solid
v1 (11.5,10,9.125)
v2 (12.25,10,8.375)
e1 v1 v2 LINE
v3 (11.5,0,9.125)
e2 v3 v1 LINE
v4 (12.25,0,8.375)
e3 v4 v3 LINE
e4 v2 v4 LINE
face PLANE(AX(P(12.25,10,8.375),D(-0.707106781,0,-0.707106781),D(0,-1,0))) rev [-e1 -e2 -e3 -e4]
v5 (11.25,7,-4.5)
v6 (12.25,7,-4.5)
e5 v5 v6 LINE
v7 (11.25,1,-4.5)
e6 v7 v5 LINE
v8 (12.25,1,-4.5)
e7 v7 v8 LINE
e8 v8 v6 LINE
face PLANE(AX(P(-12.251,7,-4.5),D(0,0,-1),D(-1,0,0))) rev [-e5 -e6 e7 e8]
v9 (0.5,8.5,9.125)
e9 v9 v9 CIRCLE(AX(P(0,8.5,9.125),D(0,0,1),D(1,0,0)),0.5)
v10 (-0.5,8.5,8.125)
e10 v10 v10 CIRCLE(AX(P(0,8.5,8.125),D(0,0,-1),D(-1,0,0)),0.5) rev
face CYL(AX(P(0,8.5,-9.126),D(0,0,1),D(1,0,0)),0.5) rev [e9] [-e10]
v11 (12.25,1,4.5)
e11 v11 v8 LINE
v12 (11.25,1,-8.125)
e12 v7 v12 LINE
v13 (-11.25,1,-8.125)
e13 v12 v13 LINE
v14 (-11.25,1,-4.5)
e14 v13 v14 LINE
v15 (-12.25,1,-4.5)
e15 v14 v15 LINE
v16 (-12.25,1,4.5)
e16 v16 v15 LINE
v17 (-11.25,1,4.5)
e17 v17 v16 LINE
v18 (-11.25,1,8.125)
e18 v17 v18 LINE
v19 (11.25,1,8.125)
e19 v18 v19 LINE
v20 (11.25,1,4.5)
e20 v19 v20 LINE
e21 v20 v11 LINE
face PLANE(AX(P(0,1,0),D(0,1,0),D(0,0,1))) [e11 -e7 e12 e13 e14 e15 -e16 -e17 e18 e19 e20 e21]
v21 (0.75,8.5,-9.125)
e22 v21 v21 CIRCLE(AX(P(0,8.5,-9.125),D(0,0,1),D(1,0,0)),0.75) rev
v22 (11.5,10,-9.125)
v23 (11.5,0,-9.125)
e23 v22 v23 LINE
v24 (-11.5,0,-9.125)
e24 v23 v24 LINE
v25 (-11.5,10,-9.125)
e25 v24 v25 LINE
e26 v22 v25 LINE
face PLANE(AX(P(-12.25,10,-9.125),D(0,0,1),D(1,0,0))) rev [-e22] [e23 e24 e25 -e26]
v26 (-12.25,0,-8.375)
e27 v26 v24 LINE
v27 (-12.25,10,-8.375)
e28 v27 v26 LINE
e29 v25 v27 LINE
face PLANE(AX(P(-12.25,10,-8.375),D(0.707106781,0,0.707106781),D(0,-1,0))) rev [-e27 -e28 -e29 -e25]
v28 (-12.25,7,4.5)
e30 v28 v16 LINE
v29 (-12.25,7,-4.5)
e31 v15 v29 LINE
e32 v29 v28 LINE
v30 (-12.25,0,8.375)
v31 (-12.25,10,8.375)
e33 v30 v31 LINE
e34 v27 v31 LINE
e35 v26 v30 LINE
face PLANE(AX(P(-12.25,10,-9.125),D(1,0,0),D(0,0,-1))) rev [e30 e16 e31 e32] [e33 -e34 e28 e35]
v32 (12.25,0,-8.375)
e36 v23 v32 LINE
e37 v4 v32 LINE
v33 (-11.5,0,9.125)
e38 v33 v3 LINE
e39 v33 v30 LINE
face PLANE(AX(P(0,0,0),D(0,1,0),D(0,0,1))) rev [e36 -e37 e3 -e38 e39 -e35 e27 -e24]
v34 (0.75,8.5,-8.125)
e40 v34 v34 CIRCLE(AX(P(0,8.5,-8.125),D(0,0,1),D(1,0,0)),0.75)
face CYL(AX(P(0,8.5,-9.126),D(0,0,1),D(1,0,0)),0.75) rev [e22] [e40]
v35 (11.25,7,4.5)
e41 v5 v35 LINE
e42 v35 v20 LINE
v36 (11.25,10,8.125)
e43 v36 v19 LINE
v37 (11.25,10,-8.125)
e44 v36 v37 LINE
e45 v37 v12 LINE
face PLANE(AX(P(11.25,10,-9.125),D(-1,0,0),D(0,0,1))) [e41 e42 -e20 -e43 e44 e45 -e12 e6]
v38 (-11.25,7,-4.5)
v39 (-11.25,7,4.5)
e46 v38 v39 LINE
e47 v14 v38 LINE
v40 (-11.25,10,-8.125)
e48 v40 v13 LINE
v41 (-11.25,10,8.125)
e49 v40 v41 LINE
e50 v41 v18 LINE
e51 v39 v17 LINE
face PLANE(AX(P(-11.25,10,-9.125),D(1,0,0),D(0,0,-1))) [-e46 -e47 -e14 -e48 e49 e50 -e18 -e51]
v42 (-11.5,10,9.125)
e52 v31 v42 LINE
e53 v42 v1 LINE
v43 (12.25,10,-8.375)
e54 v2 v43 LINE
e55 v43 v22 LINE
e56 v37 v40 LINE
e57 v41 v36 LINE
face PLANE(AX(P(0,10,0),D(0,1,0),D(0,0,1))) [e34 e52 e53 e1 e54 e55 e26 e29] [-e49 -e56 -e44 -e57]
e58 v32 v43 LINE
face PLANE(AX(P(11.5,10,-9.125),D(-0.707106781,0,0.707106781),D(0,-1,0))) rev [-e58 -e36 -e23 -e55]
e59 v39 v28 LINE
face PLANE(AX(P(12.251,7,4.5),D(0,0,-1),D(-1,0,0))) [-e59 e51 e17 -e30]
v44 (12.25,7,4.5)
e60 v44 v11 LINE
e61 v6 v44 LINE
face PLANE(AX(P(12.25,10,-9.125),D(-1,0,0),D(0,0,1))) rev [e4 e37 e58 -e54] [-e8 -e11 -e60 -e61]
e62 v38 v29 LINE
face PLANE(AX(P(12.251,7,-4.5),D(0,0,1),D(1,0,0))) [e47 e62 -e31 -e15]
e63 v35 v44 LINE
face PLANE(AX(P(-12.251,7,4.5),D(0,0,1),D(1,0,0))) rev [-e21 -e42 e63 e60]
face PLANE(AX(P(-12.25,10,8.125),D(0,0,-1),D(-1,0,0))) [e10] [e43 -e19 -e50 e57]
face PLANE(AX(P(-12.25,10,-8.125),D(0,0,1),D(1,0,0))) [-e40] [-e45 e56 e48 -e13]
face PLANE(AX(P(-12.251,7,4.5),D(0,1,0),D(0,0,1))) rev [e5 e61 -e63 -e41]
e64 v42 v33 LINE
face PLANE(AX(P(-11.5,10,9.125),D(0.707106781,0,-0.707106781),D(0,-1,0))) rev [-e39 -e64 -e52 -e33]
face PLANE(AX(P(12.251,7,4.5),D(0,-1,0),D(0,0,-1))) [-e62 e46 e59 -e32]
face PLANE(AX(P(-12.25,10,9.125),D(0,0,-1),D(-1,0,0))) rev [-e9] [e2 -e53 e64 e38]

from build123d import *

# Parameters (mm, degrees)
SKETCH1_W           = 24.5
SKETCH1_H           = 18.25
BOSS_EXTRUDE1_DEPTH = 10
SHELL4_T            = -1
CHAMFER1_SIZE       = 0.75
CUT_EXTRUDE2_REACH  = 25.401
SKETCH8_R           = 0.75
CUT_EXTRUDE3_REACH  = 26.148
SKETCH9_R           = 0.5
CUT_EXTRUDE4_REACH  = 29.991
SKETCH10_W          = 9
SKETCH10_H          = 6


with BuildPart() as part:
    # Sketch1 → Boss-Extrude1 (new body)
    with BuildSketch(Plane(origin=(0, 0, 0), x_dir=(1, 0, 0), z_dir=(0, 1, 0))):
        Rectangle(SKETCH1_W, SKETCH1_H)
    extrude(amount=BOSS_EXTRUDE1_DEPTH)

    # Shell4
    shell4_openings = [part.faces().sort_by_distance(p)[0] for p in [
        (0, 10, 0),
    ]]
    offset(amount=SHELL4_T, openings=shell4_openings, kind=Kind.INTERSECTION)

    # Chamfer1
    chamfer1_edges = [part.edges().sort_by_distance(p)[0] for p in [
        (12.25, 5, 9.125),
        (-12.25, 5, 9.125),
        (-12.25, 5, -9.125),
        (12.25, 5, -9.125),
    ]]
    chamfer(chamfer1_edges, length=CHAMFER1_SIZE)

    # Sketch8 → Cut-Extrude2 (cut, up to next)
    with BuildSketch(Plane.XY.offset(-8.125), mode=Mode.PRIVATE) as cut_extrude2_sk1:
        with Locations((0, 8.5)):
            Circle(SKETCH8_R)
    cut_extrude2_tool1 = extrude(cut_extrude2_sk1.sketch, amount=-CUT_EXTRUDE2_REACH, mode=Mode.PRIVATE) & part.part
    add(cut_extrude2_tool1.solids().sort_by_distance((0, 8.5, -8.125))[0], mode=Mode.SUBTRACT)

    # Sketch9 → Cut-Extrude3 (cut, up to next)
    with BuildSketch(Plane.XY.offset(9.125), mode=Mode.PRIVATE) as cut_extrude3_sk1:
        with Locations((0, 8.5)):
            Circle(SKETCH9_R)
    cut_extrude3_tool1 = extrude(cut_extrude3_sk1.sketch, amount=-CUT_EXTRUDE3_REACH, mode=Mode.PRIVATE) & part.part
    add(cut_extrude3_tool1.solids().sort_by_distance((0, 8.5, 9.125))[0], mode=Mode.SUBTRACT)

    # Sketch10 → Cut-Extrude4 (cut, up to next)
    with BuildSketch(Plane(origin=(12.25, 0, 0), x_dir=(0, 0, -1), z_dir=(1, 0, 0)), mode=Mode.PRIVATE) as cut_extrude4_sk1:
        with Locations((0, 4)):
            Rectangle(SKETCH10_W, SKETCH10_H)
    cut_extrude4_tool1 = extrude(cut_extrude4_sk1.sketch, amount=-CUT_EXTRUDE4_REACH, mode=Mode.PRIVATE) & part.part
    cut_extrude4 = cut_extrude4_tool1.solids().sort_by_distance((12.25, 4, 0))[0]
    add(cut_extrude4, mode=Mode.SUBTRACT)

    # Mirror1: Cut-Extrude4 across plane
    add(cut_extrude4.mirror(Plane(origin=(0, 0, 0), x_dir=(0, 0, 1), z_dir=(1, 0, 0))), mode=Mode.SUBTRACT)


solid = part.part
